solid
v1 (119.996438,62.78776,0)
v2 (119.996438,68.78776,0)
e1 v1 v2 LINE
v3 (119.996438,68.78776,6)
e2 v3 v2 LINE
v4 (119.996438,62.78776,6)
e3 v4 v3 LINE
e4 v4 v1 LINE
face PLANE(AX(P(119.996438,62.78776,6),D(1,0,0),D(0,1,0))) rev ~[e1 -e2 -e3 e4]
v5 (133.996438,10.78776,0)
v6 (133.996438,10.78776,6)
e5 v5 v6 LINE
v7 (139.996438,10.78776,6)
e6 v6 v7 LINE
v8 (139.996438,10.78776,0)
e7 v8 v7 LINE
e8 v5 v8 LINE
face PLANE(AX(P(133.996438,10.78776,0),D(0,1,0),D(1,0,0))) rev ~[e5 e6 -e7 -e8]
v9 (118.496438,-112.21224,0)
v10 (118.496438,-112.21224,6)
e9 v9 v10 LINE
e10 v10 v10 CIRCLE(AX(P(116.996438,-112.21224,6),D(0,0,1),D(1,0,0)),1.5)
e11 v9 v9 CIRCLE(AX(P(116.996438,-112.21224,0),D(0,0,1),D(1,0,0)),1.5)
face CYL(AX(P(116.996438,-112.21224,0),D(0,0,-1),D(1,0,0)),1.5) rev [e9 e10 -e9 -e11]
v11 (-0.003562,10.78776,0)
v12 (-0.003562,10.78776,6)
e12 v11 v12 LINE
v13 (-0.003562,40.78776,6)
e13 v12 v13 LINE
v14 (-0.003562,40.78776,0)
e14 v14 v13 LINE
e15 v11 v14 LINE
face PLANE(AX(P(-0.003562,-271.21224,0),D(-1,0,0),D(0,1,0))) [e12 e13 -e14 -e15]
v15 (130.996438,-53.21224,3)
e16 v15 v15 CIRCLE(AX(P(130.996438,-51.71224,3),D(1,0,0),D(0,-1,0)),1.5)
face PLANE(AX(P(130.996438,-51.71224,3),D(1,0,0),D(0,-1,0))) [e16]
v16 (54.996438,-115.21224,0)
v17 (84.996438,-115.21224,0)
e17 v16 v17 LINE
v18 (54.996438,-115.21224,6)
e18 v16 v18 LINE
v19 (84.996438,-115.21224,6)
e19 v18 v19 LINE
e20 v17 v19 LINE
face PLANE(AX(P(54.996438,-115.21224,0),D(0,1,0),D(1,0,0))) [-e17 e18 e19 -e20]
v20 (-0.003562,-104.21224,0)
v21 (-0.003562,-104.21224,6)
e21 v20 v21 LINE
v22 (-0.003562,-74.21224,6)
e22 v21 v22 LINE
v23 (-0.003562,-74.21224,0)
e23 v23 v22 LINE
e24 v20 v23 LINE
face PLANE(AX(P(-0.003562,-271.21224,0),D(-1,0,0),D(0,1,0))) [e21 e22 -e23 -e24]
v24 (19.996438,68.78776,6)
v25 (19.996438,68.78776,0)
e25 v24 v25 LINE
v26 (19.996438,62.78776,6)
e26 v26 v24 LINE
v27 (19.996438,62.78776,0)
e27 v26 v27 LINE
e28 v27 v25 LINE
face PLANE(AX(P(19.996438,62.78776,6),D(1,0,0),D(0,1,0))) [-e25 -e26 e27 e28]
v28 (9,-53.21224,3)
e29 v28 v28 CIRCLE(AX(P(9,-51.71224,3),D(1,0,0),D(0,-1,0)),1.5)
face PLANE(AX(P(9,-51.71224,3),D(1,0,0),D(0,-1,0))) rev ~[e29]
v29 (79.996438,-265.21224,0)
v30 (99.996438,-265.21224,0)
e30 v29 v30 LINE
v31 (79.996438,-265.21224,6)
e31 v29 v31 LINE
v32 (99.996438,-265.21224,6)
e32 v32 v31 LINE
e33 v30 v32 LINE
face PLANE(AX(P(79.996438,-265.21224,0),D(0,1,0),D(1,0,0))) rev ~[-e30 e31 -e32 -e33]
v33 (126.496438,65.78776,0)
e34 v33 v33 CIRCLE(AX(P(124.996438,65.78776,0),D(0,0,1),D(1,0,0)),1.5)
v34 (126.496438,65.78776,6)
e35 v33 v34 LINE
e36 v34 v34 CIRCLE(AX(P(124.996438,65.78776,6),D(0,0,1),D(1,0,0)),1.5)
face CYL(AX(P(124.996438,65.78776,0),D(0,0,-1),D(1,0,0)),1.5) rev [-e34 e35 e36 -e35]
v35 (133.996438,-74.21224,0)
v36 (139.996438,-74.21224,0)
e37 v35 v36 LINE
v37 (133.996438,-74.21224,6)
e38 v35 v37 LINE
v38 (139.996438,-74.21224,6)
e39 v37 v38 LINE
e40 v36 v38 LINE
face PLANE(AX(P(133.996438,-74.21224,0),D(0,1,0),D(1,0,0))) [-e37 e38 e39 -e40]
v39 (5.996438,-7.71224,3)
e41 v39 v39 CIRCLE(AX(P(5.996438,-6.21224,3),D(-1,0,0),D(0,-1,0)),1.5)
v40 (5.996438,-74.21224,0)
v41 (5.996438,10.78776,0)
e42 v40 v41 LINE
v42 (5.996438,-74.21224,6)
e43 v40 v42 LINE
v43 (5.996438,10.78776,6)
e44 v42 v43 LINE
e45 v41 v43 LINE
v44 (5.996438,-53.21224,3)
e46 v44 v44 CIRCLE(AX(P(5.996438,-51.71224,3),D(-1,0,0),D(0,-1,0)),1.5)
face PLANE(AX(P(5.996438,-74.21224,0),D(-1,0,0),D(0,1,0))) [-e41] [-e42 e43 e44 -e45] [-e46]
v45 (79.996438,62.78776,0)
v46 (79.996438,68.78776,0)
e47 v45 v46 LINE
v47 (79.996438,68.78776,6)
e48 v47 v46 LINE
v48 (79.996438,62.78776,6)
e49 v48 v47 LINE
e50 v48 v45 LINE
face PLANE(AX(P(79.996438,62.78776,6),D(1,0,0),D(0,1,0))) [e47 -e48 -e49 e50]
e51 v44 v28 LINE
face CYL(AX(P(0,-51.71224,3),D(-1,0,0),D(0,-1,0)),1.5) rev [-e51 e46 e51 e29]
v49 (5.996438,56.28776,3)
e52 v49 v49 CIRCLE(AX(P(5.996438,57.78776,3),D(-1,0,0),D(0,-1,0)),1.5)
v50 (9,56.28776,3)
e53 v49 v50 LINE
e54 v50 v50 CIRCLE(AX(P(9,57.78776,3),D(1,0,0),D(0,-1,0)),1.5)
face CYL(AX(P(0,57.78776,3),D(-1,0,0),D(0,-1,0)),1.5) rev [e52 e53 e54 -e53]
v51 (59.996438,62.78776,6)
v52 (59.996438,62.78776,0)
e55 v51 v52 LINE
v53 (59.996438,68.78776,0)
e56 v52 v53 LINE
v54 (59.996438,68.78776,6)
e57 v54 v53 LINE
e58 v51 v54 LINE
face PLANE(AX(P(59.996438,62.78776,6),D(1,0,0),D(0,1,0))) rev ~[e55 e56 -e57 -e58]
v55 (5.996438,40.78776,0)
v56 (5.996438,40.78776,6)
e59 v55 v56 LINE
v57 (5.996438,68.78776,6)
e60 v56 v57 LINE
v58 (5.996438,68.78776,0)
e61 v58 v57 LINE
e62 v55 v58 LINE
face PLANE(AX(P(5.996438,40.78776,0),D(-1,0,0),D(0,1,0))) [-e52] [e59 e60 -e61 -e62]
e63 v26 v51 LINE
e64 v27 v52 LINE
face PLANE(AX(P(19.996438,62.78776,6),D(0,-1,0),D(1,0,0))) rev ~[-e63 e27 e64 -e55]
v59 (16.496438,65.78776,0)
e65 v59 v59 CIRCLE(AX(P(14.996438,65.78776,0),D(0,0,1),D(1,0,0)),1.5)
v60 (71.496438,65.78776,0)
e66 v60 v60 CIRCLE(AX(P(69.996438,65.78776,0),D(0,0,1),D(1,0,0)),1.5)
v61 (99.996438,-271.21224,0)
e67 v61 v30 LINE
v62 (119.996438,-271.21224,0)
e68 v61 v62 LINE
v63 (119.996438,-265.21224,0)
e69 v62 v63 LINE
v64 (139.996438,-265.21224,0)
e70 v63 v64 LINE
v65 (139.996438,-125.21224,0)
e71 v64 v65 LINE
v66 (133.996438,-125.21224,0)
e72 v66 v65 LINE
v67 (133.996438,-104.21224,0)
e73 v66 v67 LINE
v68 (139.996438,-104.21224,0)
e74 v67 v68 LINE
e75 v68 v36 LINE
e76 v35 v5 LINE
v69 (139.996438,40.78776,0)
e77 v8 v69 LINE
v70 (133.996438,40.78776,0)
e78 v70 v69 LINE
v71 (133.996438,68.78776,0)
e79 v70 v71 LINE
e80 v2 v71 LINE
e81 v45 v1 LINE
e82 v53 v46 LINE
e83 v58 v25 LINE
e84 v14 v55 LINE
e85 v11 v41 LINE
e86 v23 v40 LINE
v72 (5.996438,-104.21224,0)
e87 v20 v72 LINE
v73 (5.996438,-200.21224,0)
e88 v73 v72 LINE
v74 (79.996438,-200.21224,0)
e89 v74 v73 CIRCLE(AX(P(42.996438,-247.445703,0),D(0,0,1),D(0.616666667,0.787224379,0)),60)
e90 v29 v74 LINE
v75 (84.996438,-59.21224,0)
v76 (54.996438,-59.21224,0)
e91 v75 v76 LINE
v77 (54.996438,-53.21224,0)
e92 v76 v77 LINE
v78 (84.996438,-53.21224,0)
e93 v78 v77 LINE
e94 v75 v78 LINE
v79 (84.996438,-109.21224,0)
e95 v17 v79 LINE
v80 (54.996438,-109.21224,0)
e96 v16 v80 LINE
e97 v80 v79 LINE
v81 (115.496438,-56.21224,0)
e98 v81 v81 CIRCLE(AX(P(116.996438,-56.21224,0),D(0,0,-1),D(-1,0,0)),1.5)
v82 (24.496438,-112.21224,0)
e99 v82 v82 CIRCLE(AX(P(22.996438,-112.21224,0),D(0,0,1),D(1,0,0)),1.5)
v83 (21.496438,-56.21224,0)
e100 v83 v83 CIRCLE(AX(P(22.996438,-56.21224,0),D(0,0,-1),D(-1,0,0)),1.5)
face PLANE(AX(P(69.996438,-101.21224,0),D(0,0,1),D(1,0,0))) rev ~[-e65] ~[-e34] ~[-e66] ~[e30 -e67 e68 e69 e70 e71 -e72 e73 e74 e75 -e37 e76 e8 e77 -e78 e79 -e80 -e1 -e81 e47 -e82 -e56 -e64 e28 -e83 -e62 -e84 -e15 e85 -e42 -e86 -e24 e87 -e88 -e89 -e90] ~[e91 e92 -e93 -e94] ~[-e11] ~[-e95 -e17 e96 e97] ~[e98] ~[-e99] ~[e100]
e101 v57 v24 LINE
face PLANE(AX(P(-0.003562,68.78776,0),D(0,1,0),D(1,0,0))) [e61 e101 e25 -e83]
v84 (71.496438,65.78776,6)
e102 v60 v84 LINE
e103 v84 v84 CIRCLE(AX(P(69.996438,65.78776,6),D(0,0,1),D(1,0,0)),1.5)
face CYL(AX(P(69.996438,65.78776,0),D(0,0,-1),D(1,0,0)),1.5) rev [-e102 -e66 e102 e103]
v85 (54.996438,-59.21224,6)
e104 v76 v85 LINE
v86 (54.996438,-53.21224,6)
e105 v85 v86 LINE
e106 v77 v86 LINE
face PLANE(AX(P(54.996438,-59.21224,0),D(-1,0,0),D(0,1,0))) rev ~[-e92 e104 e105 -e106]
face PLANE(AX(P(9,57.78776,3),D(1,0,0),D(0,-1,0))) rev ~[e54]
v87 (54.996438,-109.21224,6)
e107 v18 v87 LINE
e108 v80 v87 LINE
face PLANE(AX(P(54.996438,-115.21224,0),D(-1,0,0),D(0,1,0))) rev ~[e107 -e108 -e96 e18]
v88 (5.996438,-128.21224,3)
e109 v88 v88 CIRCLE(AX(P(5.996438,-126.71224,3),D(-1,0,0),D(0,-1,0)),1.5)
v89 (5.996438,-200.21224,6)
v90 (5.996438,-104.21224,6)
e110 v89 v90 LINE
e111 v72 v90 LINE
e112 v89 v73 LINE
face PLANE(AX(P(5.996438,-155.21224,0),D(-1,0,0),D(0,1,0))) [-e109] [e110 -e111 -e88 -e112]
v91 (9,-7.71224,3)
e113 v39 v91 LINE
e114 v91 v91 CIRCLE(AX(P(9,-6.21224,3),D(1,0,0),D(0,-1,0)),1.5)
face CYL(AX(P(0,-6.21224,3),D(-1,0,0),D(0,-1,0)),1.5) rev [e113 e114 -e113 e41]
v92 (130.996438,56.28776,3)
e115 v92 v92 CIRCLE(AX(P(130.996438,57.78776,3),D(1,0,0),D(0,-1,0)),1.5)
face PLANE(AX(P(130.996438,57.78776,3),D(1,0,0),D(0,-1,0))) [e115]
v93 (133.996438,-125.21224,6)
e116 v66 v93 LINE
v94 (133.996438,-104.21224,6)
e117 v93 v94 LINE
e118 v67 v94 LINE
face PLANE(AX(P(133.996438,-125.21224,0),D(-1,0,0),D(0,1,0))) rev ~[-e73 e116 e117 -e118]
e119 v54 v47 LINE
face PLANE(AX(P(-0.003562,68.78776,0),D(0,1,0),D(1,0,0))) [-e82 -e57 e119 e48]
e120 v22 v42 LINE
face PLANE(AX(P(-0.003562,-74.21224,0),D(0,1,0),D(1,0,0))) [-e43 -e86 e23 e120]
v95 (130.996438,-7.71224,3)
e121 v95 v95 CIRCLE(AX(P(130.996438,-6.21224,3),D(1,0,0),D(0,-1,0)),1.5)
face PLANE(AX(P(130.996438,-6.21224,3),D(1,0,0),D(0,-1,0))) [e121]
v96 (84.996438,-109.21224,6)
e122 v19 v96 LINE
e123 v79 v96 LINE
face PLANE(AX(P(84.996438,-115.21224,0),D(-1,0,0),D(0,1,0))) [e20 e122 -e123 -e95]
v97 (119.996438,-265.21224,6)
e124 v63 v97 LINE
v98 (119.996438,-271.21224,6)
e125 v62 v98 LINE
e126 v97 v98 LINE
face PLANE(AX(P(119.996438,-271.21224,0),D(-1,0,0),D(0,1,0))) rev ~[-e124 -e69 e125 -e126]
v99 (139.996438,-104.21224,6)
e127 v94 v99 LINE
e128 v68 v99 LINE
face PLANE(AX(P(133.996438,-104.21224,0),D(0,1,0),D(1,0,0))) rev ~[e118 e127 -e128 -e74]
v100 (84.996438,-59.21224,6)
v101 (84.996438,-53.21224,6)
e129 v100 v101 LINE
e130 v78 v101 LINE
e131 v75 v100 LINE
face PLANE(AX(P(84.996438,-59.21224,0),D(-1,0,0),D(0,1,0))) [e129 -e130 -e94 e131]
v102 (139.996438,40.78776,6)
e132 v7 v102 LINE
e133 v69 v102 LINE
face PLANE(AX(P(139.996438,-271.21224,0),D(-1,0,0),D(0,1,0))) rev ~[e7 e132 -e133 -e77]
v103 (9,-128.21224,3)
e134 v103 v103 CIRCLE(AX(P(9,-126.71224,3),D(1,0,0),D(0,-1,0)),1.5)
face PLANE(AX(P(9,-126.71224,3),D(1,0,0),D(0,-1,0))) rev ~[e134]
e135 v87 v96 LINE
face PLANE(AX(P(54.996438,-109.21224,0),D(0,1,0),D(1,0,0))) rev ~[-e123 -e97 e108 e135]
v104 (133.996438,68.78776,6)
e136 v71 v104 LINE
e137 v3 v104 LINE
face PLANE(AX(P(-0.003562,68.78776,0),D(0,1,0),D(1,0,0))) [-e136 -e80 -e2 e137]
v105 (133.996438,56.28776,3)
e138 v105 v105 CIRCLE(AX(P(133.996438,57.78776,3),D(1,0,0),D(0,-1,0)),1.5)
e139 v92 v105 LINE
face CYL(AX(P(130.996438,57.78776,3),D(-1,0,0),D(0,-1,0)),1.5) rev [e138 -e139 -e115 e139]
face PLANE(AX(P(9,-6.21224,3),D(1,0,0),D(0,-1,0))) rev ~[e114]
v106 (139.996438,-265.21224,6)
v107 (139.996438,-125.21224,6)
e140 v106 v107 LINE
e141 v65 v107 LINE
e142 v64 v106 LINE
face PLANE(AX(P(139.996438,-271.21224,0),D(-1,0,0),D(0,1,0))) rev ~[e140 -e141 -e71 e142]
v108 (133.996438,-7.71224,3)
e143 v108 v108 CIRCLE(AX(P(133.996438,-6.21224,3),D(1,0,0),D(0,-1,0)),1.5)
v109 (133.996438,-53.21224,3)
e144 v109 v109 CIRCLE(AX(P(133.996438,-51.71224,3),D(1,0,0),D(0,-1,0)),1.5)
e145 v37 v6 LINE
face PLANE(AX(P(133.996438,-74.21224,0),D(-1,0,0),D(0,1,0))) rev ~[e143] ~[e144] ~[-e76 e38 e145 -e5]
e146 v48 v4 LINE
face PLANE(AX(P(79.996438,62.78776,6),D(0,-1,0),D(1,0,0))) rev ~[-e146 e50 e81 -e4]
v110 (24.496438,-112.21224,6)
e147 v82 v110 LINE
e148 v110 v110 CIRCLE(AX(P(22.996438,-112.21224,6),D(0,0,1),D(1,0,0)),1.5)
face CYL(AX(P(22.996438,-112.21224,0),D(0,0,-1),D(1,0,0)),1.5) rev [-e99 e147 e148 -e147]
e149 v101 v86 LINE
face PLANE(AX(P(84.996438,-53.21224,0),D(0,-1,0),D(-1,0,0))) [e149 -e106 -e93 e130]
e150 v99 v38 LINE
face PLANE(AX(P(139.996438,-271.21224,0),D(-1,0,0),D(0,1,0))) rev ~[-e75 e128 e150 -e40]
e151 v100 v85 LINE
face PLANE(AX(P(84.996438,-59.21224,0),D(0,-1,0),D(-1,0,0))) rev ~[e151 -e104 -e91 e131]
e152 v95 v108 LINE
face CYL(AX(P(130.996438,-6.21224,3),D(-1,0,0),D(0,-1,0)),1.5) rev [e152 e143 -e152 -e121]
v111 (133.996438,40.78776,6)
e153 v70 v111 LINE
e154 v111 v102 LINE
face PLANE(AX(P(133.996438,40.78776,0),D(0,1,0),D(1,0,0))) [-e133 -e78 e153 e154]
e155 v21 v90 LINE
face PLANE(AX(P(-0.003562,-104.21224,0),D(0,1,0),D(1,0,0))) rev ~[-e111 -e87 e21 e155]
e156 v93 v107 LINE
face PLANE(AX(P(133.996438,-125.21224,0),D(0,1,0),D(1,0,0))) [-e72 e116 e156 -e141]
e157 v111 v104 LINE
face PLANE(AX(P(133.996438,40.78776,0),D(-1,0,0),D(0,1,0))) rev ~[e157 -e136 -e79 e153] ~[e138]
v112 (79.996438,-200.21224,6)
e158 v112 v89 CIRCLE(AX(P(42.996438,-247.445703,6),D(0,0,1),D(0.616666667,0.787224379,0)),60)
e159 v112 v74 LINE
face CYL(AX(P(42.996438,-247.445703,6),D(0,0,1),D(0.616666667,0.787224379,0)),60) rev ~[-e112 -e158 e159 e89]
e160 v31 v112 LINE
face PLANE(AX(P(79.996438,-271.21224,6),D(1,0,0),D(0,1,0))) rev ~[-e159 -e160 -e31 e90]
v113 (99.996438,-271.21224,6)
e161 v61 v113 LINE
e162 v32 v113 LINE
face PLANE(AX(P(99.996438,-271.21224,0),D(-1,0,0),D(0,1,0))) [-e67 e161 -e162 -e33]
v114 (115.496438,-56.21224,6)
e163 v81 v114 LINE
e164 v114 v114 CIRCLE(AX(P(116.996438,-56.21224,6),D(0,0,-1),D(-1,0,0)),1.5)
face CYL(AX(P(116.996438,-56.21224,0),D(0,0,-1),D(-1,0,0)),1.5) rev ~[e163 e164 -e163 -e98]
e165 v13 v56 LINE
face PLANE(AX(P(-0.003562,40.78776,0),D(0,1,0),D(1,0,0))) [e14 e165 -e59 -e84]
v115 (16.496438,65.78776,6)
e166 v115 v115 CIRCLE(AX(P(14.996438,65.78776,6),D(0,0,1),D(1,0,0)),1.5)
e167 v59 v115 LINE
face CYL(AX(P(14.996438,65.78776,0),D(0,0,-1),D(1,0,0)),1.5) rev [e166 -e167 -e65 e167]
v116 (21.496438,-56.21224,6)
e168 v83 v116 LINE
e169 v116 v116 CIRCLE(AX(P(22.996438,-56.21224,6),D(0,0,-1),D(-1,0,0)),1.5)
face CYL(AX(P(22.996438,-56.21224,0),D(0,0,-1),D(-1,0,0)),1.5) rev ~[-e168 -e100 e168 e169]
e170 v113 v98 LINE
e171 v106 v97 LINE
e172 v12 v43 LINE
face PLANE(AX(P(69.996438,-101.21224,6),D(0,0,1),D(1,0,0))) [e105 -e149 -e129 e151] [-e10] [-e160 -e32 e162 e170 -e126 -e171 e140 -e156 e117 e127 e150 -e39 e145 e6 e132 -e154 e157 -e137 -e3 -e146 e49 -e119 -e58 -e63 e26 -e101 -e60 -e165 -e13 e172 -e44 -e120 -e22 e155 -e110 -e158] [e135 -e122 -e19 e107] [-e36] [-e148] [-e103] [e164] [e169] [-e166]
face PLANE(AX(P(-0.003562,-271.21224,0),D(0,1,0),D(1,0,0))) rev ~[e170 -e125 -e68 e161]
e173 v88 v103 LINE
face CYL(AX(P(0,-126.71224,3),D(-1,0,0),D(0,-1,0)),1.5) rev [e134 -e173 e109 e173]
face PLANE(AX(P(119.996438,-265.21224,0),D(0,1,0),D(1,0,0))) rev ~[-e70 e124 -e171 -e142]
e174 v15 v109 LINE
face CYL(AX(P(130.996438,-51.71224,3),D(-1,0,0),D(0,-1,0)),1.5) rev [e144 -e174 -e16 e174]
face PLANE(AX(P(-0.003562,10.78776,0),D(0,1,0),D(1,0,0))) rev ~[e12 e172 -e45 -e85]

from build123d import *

# Parameters (mm, degrees)
ESQUISSE1_W              = 140
ESQUISSE1_H              = 340
ESQUISSE1_R              = 1.5
ESQUISSE1_W_2            = 30
ESQUISSE1_H_2            = 6
BOSS_EXTRU_3_DEPTH       = 6
ESQUISSE4_W              = 6
ESQUISSE4_H              = 28
ESQUISSE4_H_2            = 85
ESQUISSE4_H_3            = 51
ESQUISSE4_H_4            = 21
ENL_V_MAT_EXTRU_2_DEPTH  = 6
ESQUISSE5_R              = 1.5
ENL_V_MAT_EXTRU_3_DEPTH  = 9
ENL_V_START              = -3
ESQUISSE6_R              = 1.5
ENL_V_MAT_EXTRU_6_DEPTH  = 3
ESQUISSE7_W              = 20
ESQUISSE7_H              = 6
ENL_V_MAT_EXTRU_7_DEPTH  = 10
ENL_V_MAT_EXTRU_8_DEPTH  = 6
ESQUISSE9_W              = 40
ESQUISSE9_H              = 6
ENL_V_MAT_EXTRU_9_DEPTH  = 6
ESQUISSE10_R             = 1.5
ESQUISSE10_W             = 30
ESQUISSE10_H             = 6
ENL_V_MAT_EXTRU_10_DEPTH = 6


with BuildPart() as part:
    # Esquisse1 → Boss.-Extru.3 (new body)
    with BuildSketch(Plane.XY):
        with Locations((69.996437878, -101.21224042)):
            Rectangle(ESQUISSE1_W, ESQUISSE1_H)
        with Locations((14.996437878, 65.78775958)):
            Circle(ESQUISSE1_R, mode=Mode.SUBTRACT)
        with Locations((124.996437878, 65.78775958)):
            Circle(ESQUISSE1_R, mode=Mode.SUBTRACT)
        with Locations((69.996437878, 65.78775958)):
            Circle(ESQUISSE1_R, mode=Mode.SUBTRACT)
        with Locations((22.996437878, -112.21224042)):
            Circle(ESQUISSE1_R, mode=Mode.SUBTRACT)
        with Locations((116.996437878, -112.21224042)):
            Circle(ESQUISSE1_R, mode=Mode.SUBTRACT)
        with Locations((69.996437878, -112.21224042)):
            Rectangle(ESQUISSE1_W_2, ESQUISSE1_H_2, mode=Mode.SUBTRACT)
    extrude(amount=BOSS_EXTRU_3_DEPTH)

    # Esquisse4 → Enlèv. mat.-Extru.2 (cut)
    with BuildSketch(Plane.XY):
        with Locations((2.996437878, 54.78775958)):
            Rectangle(ESQUISSE4_W, ESQUISSE4_H)
        with Locations((2.996437878, -31.71224042)):
            Rectangle(ESQUISSE4_W, ESQUISSE4_H_2)
        with Locations((2.996437878, -129.71224042)):
            Rectangle(ESQUISSE4_W, ESQUISSE4_H_3)
        with Locations((136.996437878, -114.71224042)):
            Rectangle(ESQUISSE4_W, ESQUISSE4_H_4)
        with Locations((136.996437878, -31.71224042)):
            Rectangle(ESQUISSE4_W, ESQUISSE4_H_2)
        with Locations((136.996437878, 54.78775958)):
            Rectangle(ESQUISSE4_W, ESQUISSE4_H)
    extrude(amount=ENL_V_MAT_EXTRU_2_DEPTH, mode=Mode.SUBTRACT)

    # Esquisse5 → Enlèv. mat.-Extru.3 (cut)
    with BuildSketch(Plane(origin=(0, 0, 0), x_dir=(0, 0, -1), z_dir=(1, 0, 0))):
        with Locations(Location((-3, -126.71224042, 0), (0, 0, 270))):
            Circle(ESQUISSE5_R)
        with Locations(Location((-3, -51.71224042, 0), (0, 0, 270))):
            Circle(ESQUISSE5_R)
        with Locations(Location((-3, -6.21224042, 0), (0, 0, 270))):
            Circle(ESQUISSE5_R)
        with Locations(Location((-3, 57.78775958, 0), (0, 0, 270))):
            Circle(ESQUISSE5_R)
    extrude(amount=ENL_V_MAT_EXTRU_3_DEPTH, mode=Mode.SUBTRACT)

    # Esquisse6 → Enlèv. mat.-Extru.6 (cut)
    with BuildSketch(Plane(origin=(133.996437878, 0, 0), x_dir=(0, 0, -1), z_dir=(1, 0, 0)).offset(ENL_V_START)):
        with Locations(Location((-3, -6.21224042, 0), (0, 0, 270))):
            Circle(ESQUISSE6_R)
        with Locations(Location((-3, -51.71224042, 0), (0, 0, 270))):
            Circle(ESQUISSE6_R)
        with Locations(Location((-3, 57.78775958, 0), (0, 0, 270))):
            Circle(ESQUISSE6_R)
    extrude(amount=ENL_V_MAT_EXTRU_6_DEPTH, mode=Mode.SUBTRACT)

    # Esquisse7 → Enlèv. mat.-Extru.7 (cut)
    with BuildSketch(Plane.XY):
        with Locations((129.996437878, -268.21224042)):
            Rectangle(ESQUISSE7_W, ESQUISSE7_H)
        with Locations((89.996437878, -268.21224042)):
            Rectangle(ESQUISSE7_W, ESQUISSE7_H)
    extrude(amount=ENL_V_MAT_EXTRU_7_DEPTH, mode=Mode.SUBTRACT)

    # Esquisse8 → Enlèv. mat.-Extru.8 (cut)
    with BuildSketch(Plane.XY.offset(6)):
        with BuildLine():
            Line((79.996437878, -265.21224042), (79.996437878, -200.21224042))
            ThreePointArc((79.996437878, -200.21224042), (42.996437878, -187.445703134), (5.996437878, -200.21224042))
            Line((5.996437878, -200.21224042), (5.996437878, -155.21224042))
            Line((5.996437878, -155.21224042), (-0.003562122, -155.21224042))
            Line((-0.003562122, -155.21224042), (-0.003562122, -271.21224042))
            Line((-0.003562122, -271.21224042), (79.996437878, -271.21224042))
            Line((79.996437878, -271.21224042), (79.996437878, -265.21224042))
        make_face()
    extrude(amount=-ENL_V_MAT_EXTRU_8_DEPTH, mode=Mode.SUBTRACT)

    # Esquisse9 → Enlèv. mat.-Extru.9 (cut)
    with BuildSketch(Plane.XY.offset(6)):
        with Locations((39.996437878, 65.78775958)):
            Rectangle(ESQUISSE9_W, ESQUISSE9_H)
        with Locations((99.996437878, 65.78775958)):
            Rectangle(ESQUISSE9_W, ESQUISSE9_H)
    extrude(amount=-ENL_V_MAT_EXTRU_9_DEPTH, mode=Mode.SUBTRACT)

    # Esquisse10 → Enlèv. mat.-Extru.10 (cut)
    with BuildSketch(Plane(origin=(0, 0, 0), x_dir=(-1, 0, 0), z_dir=(0, 0, -1))):
        with Locations((-116.996437878, -56.21224042)):
            Circle(ESQUISSE10_R)
        with Locations((-22.996437878, -56.21224042)):
            Circle(ESQUISSE10_R)
        with Locations((-69.996437878, -56.21224042)):
            Rectangle(ESQUISSE10_W, ESQUISSE10_H)
    extrude(amount=-ENL_V_MAT_EXTRU_10_DEPTH, mode=Mode.SUBTRACT)


solid = part.part
